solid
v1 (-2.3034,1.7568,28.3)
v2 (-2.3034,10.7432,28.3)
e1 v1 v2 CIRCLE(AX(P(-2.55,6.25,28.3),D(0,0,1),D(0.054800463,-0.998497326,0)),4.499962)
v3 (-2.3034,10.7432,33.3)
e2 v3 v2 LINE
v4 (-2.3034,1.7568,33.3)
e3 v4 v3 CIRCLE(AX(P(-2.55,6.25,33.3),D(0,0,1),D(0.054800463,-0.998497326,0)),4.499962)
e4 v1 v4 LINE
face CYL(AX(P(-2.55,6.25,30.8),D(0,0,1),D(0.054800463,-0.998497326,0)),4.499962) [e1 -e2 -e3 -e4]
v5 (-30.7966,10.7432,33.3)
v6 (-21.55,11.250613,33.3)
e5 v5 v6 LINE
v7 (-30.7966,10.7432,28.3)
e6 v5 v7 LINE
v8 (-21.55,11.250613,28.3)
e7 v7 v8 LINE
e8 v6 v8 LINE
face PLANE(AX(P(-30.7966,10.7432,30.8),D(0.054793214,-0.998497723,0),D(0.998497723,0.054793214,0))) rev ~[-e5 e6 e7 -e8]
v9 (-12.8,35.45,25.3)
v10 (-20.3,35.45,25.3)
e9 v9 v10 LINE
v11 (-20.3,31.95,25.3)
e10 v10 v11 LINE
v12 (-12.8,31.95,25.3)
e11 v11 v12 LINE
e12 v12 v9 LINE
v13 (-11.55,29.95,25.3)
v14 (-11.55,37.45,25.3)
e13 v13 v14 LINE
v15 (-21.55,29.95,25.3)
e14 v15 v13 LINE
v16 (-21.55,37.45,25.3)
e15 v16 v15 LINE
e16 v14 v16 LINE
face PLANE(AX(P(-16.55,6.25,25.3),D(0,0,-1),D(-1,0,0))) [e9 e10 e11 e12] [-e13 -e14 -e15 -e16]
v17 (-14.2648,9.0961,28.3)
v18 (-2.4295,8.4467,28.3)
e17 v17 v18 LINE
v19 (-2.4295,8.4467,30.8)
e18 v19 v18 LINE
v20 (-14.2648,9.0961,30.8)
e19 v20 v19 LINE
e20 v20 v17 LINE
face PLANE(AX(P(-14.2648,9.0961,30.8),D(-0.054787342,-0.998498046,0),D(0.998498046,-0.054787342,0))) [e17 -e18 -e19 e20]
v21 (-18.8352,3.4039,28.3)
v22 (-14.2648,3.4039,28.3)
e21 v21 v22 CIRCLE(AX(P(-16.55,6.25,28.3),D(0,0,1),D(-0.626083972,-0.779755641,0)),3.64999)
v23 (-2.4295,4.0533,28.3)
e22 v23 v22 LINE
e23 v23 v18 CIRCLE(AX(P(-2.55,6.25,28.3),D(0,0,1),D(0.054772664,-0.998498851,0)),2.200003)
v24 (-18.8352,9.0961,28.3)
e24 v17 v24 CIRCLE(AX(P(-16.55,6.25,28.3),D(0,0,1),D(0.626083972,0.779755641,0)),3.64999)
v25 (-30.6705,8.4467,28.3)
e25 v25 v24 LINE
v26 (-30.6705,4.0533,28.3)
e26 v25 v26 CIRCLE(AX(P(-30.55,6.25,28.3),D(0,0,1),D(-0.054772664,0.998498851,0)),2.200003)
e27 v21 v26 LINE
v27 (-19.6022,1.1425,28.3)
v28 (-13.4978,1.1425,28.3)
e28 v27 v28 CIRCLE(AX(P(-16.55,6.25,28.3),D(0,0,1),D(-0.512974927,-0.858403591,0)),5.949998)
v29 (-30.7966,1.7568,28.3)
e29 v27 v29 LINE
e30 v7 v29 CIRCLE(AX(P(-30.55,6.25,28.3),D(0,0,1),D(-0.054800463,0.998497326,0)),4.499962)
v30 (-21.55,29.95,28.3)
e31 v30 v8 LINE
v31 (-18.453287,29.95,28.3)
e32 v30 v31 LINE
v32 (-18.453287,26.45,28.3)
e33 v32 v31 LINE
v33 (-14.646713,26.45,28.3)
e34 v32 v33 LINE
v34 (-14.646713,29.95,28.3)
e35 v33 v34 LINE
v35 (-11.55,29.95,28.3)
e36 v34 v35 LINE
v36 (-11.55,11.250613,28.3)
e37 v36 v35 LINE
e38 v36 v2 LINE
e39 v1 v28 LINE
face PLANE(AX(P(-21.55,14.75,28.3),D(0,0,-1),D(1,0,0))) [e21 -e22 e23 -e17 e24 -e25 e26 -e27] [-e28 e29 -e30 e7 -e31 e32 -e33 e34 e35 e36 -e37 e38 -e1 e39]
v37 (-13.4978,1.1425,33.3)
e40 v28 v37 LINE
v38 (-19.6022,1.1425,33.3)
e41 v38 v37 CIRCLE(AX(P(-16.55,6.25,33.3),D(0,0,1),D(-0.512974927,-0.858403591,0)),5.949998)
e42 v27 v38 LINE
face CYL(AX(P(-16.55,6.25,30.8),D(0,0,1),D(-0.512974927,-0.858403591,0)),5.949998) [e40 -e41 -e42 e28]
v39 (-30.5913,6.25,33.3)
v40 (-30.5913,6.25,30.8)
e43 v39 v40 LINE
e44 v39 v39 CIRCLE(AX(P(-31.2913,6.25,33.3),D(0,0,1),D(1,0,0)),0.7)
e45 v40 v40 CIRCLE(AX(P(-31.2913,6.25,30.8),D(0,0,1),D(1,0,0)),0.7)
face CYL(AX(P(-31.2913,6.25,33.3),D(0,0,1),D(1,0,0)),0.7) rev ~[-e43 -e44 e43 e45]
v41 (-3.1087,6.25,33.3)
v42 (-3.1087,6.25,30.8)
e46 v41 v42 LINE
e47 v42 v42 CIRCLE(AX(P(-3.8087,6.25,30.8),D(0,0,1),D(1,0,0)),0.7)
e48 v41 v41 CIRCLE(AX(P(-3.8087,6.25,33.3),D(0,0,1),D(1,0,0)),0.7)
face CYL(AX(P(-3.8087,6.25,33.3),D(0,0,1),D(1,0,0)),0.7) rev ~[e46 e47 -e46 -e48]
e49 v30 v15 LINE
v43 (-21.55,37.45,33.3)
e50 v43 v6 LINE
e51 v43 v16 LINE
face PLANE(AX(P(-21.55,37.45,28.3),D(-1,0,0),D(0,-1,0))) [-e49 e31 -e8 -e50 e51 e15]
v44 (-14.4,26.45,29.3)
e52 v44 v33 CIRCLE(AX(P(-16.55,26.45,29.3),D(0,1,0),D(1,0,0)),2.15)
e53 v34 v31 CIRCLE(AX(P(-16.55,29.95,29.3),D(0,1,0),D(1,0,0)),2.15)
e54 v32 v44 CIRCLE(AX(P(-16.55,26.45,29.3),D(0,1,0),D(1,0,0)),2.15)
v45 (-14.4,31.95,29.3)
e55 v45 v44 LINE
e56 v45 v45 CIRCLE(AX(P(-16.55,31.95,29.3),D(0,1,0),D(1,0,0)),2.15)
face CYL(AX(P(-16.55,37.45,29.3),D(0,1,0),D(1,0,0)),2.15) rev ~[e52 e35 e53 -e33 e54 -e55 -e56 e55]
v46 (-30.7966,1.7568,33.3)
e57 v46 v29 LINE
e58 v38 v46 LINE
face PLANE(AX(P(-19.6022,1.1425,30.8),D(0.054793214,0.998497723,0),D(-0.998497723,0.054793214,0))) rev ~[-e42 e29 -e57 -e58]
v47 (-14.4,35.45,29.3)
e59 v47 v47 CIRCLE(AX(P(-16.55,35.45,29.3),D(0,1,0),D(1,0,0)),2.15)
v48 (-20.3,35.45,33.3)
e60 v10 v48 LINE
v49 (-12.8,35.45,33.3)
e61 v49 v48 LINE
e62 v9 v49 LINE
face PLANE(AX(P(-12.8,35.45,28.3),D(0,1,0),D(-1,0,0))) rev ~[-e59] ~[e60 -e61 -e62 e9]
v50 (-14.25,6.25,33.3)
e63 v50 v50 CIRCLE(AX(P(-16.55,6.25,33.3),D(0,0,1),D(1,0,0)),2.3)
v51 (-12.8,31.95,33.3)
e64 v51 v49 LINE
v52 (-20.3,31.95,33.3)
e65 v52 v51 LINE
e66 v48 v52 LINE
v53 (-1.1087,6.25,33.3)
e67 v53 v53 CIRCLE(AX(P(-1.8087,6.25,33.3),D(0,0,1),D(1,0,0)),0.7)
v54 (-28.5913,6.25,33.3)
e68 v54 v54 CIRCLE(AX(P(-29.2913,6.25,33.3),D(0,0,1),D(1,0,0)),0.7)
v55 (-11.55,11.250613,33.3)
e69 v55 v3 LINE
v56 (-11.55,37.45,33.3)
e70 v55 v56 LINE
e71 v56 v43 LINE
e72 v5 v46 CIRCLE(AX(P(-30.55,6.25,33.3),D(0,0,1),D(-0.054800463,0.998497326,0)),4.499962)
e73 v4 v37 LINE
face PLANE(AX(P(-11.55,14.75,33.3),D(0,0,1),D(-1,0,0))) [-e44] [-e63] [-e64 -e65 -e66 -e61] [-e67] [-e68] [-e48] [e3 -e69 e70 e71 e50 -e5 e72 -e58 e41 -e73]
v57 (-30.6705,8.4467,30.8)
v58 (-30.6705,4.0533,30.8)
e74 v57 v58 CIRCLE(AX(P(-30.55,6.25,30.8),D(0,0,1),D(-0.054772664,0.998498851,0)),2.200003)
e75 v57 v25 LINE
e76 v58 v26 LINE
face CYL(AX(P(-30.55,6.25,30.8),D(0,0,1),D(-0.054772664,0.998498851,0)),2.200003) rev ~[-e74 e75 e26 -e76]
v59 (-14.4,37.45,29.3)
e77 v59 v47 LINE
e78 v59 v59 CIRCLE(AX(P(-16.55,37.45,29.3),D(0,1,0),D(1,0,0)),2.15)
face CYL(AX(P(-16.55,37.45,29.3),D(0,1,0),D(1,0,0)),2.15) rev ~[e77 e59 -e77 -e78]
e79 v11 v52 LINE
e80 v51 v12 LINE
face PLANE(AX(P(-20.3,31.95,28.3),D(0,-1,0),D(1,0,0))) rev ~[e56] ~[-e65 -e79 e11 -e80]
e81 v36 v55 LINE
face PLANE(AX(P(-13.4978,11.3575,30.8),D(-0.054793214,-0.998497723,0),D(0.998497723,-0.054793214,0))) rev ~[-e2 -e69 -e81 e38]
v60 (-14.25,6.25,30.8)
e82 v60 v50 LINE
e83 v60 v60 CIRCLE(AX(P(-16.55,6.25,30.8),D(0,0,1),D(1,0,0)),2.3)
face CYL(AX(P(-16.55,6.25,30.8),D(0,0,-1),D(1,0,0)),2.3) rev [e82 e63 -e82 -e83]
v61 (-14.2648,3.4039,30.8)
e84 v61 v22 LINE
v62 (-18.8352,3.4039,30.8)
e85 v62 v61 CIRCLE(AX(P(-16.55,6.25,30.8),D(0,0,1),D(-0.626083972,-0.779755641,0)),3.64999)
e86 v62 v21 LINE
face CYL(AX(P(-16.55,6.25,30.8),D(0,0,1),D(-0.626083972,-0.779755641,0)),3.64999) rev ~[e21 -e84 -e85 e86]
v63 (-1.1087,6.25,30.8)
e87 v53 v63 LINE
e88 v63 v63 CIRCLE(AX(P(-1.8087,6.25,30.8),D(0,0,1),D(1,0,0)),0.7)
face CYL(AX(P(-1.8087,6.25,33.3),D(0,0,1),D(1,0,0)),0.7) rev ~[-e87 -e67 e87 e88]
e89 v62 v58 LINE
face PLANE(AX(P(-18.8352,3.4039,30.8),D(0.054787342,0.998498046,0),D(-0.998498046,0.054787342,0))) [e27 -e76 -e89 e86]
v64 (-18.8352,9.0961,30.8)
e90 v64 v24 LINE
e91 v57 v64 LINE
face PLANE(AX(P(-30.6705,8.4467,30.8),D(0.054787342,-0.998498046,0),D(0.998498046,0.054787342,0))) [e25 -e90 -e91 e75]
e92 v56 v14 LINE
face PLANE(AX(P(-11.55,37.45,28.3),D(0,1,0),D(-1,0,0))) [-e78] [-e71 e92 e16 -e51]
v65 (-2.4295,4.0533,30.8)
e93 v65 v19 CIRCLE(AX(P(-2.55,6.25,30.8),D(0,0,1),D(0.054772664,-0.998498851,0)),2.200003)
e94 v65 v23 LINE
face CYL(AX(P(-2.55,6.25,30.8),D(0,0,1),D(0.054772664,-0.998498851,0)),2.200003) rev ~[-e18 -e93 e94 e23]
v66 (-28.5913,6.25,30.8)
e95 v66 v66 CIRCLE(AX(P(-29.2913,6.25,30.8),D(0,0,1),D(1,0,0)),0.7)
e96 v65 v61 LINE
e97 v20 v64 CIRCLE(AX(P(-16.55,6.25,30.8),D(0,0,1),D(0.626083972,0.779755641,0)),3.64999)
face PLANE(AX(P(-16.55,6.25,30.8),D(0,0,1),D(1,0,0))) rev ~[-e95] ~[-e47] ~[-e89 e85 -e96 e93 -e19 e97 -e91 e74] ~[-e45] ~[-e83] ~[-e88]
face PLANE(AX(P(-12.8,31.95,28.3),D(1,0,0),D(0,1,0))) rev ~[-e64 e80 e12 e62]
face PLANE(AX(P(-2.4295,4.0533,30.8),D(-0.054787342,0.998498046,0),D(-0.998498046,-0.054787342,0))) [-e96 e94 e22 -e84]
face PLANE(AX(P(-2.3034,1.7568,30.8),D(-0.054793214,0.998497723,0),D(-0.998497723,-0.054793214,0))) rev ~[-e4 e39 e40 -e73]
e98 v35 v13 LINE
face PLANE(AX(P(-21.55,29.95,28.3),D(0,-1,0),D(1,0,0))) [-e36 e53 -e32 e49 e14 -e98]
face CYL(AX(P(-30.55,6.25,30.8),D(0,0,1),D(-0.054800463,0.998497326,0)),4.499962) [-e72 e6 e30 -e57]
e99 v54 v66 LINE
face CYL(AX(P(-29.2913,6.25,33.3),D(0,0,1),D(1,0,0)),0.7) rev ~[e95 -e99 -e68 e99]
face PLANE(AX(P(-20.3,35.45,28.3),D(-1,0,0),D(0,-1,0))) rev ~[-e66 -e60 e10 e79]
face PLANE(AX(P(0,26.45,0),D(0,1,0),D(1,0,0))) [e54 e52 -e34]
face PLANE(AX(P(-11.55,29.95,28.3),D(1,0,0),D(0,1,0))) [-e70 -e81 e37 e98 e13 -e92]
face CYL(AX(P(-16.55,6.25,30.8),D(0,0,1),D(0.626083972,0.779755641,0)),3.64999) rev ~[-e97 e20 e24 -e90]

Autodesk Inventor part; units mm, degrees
ref_plane "YZ Plane" through (0, 0, 0) normal (1, 0, 0) x (0, 1, 0)
ref_plane "Work Plane1" through (-16.55, 6.25, 30.8) normal (0, 0, 1) x (-1, 0, 0)
sketch "Sketch1" plane through (-16.55, 6.25, 30.8) normal (0, 0, 1) x (-1, 0, 0)
  circle A0 centre (4.7413, 0) radius 0.35 projected
  circle A1 centre (6.7413, 0) radius 0.35 projected
  circle A2 centre (8.7413, 0) radius 0.35 projected
  circle A3 centre (10.7413, 0) radius 0.35 projected
  circle A4 centre (12.7413, 0) radius 0.35 projected
  circle A5 centre (14.7413, 0) radius 0.35 projected
  circle A6 centre (-4.7413, 0) radius 0.35 projected
  circle A7 centre (-6.7413, 0) radius 0.35 projected
  circle A8 centre (-8.7413, 0) radius 0.35 projected
  circle A9 centre (-10.7413, 0) radius 0.35 projected
  circle A10 centre (-12.7413, 0) radius 0.35 projected
  circle A11 centre (-14.7413, 0) radius 0.35 projected
  circle A12 centre (0, 0) radius 2.3 projected
  line L0 (2.2091, 2.65) -> (14.1096, 1.997) projected
  arc A13 (2.2091, 2.65) -> (-2.2091, 2.65) centre (0, 0) ccw projected
  line L1 (-14.1096, 1.997) -> (-2.2091, 2.65) projected
  arc A14 (-14.1096, 1.997) -> (-14.1096, -1.997) centre (-14, 0) ccw projected
  line L2 (-2.2091, -2.65) -> (-14.1096, -1.997) projected
  arc A15 (-2.2091, -2.65) -> (2.2091, -2.65) centre (0, 0) ccw projected
  line L3 (14.1096, -1.997) -> (2.2091, -2.65) projected
  arc A16 (14.1096, -1.997) -> (14.1096, 1.997) centre (14, 0) ccw projected
  arc A17 (2.2852, 2.8461) -> (-2.2852, 2.8461) centre (0, 0) ccw
  line L4 (2.2852, 2.8461) -> (14.1205, 2.1967)
  arc A18 (14.1205, -2.1967) -> (14.1205, 2.1967) centre (14, 0) ccw
  line L5 (14.1205, -2.1967) -> (2.2852, -2.8461)
  arc A19 (-2.2852, -2.8461) -> (2.2852, -2.8461) centre (0, 0) ccw
  line L6 (-2.2852, -2.8461) -> (-14.1205, -2.1967)
  arc A20 (-14.1205, 2.1967) -> (-14.1205, -2.1967) centre (-14, 0) ccw
  line L7 (-14.1205, 2.1967) -> (-2.2852, 2.8461)
  arc A21 (3.0522, 5.1075) -> (-3.0522, 5.1075) centre (0, 0) ccw
  line L8 (3.0522, 5.1075) -> (14.2466, 4.4932)
  arc A22 (14.2466, -4.4932) -> (14.2466, 4.4932) centre (14, 0) ccw
  line L9 (14.2466, -4.4932) -> (3.0522, -5.1075)
  arc A23 (-3.0522, -5.1075) -> (3.0522, -5.1075) centre (0, 0) ccw
  line L10 (-3.0522, -5.1075) -> (-14.2466, -4.4932)
  arc A24 (-14.2466, 4.4932) -> (-14.2466, -4.4932) centre (-14, 0) ccw
  line L11 (-14.2466, 4.4932) -> (-3.0522, 5.1075)
  circle A25 centre (-14.7413, 0) radius 0.35 projected
  point P0 (-16.55, 6.25)
  dimension "d0" = 0.2
  dimension "d1" = 2.5
extrude "Extrusion1" add sketch "Sketch1" against normal blind 2.5 contours L8 A22 L9 A23 L10 A24 L11 A21
sketch "Sketch2" plane through (-16.55, 6.25, 30.8) normal (0, 0, 1) x (1, 0, 0)
  arc A0 (-3.0522, -5.1075) -> (3.0522, -5.1075) centre (0, 0) ccw projected
  line L0 (14.2466, -4.4932) -> (3.0522, -5.1075) projected
  arc A1 (14.2466, -4.4932) -> (14.2466, 4.4932) centre (14, 0) ccw projected
  line L1 (3.0522, 5.1075) -> (14.2466, 4.4932) projected
  arc A2 (3.0522, 5.1075) -> (-3.0522, 5.1075) centre (0, 0) ccw projected
  line L2 (-14.2466, 4.4932) -> (-3.0522, 5.1075) projected
  arc A3 (-14.2466, 4.4932) -> (-14.2466, -4.4932) centre (-14, 0) ccw projected
  line L3 (-3.0522, -5.1075) -> (-14.2466, -4.4932) projected
  line L4 (14.1205, -2.1967) -> (2.2852, -2.8461) projected
  arc A4 (-2.2852, -2.8461) -> (2.2852, -2.8461) centre (0, 0) ccw projected
  line L5 (-2.2852, -2.8461) -> (-14.1205, -2.1967) projected
  arc A5 (-14.1205, 2.1967) -> (-14.1205, -2.1967) centre (-14, 0) ccw projected
  line L6 (-14.1205, 2.1967) -> (-2.2852, 2.8461) projected
  arc A6 (2.2852, 2.8461) -> (-2.2852, 2.8461) centre (0, 0) ccw projected
  line L7 (2.2852, 2.8461) -> (14.1205, 2.1967) projected
  arc A7 (14.1205, -2.1967) -> (14.1205, 2.1967) centre (14, 0) ccw projected
  arc A8 (-3.0522, -5.1075) -> (3.0522, -5.1075) centre (0, 0) ccw projected
  line L8 (14.2466, -4.4932) -> (3.0522, -5.1075) projected
  arc A9 (14.2466, -4.4932) -> (14.2466, 4.4932) centre (14, 0) ccw projected
  line L9 (3.0522, 5.1075) -> (14.2466, 4.4932) projected
  arc A10 (3.0522, 5.1075) -> (-3.0522, 5.1075) centre (0, 0) ccw projected
  line L10 (-14.2466, 4.4932) -> (-3.0522, 5.1075) projected
  arc A11 (-14.2466, 4.4932) -> (-14.2466, -4.4932) centre (-14, 0) ccw projected
  line L11 (-3.0522, -5.1075) -> (-14.2466, -4.4932) projected
  circle A12 centre (-14.7413, 0) radius 0.35 projected
  circle A13 centre (-12.7413, 0) radius 0.35 projected
  circle A14 centre (12.7413, 0) radius 0.35 projected
  circle A15 centre (14.7413, 0) radius 0.35 projected
  circle A16 centre (0, 0) radius 2.3 projected
  point P0 (16.55, -6.25)
extrude "Extrusion2" add sketch "Sketch2" along normal blind 2.5 contours L3 A3 L2 A2 L1 A1 L0 A0 | L4 A4 L5 A5 L6 A6 L7 A7
sketch "Sketch3" plane through (-16.55, 6.25, 33.3) normal (0, 0, 1) x (1, 0, 0)
  circle A0 centre (14.7413, 0) radius 0.35 projected
  circle A1 centre (12.7413, 0) radius 0.35 projected
  circle A2 centre (-12.7413, 0) radius 0.35 projected
  circle A3 centre (-14.7413, 0) radius 0.35 projected
  circle A4 centre (-14.7413, 0) radius 0.7
  circle A5 centre (-12.7413, 0) radius 0.7
  circle A6 centre (12.7413, 0) radius 0.7
  circle A7 centre (14.7413, 0) radius 0.7
  point P0 (16.55, -6.25)
  dimension "d6" = 1.4
  dimension "d7" = 1.4
  dimension "d8" = 1.4
  dimension "d9" = 1.4
extrude "Extrusion3" cut sketch "Sketch3" against normal up to next
ref_plane "Work Plane2" through (0, 14.75, 0) normal (0, 1, 0) x (-1, 0, 0)
sketch "Sketch4" plane through (0, 14.75, 0) normal (0, 1, 0) x (-1, 0, 0)
  line L0 (19.6022, 33.3) -> (30.7966, 33.3) construction
  line L1 (30.7966, 28.3) -> (19.6022, 28.3) construction
  line L2 (2.3034, 33.3) -> (13.4978, 33.3) construction
  line L3 (13.4978, 28.3) -> (2.3034, 28.3) construction
  line L4 (11.55, 33.3) -> (21.55, 33.3)
  line L5 (21.55, 33.3) -> (21.55, 28.3)
  line L6 (21.55, 28.3) -> (11.55, 28.3)
  line L7 (11.55, 28.3) -> (11.55, 33.3)
  line L8 (-1.95, 33.3) -> (-1.95, 28.3) construction
  line L9 (35.05, 33.3) -> (35.05, 28.3) construction
  point P0 (0, 0)
  dimension "d13" = 10
  dimension "d14" = 13.5
extrude "Extrusion4" add sketch "Sketch4" against normal up to next
sketch "Sketch5" plane through (0, 14.75, 0) normal (0, 1, 0) x (1, 0, 0)
  line L0 (-11.55, -33.3) -> (-21.55, -33.3) projected
  line L1 (-11.55, -28.3) -> (-11.55, -33.3) projected
  line L2 (-21.55, -28.3) -> (-11.55, -28.3) projected
  line L3 (-21.55, -33.3) -> (-21.55, -28.3) projected
  point P0 (0, 0)
extrude "Extrusion5" add sketch "Sketch5" along normal blind 22.7
sketch "Sketch6" plane through (-16.55, 6.25, 28.3) normal (0, 0, -1) x (-1, 0, 0)
  line L0 (-5, 31.2) -> (5, 31.2) projected
  line L1 (-5, 31.2) -> (-5, 5.0006) projected
  line L2 (-3.75, 29.2) -> (3.75, 29.2)
  line L3 (3.75, 29.2) -> (3.75, 25.7)
  line L4 (3.75, 25.7) -> (-3.75, 25.7)
  line L5 (-3.75, 25.7) -> (-3.75, 29.2)
  point P0 (-16.55, -6.25)
  dimension "d19" = 7.5
  dimension "d20" = 3.5
  dimension "d21" = 1.25
  dimension "d22" = 2
extrude "Extrusion6" cut sketch "Sketch6" against normal up to next
sketch "Sketch7" plane through (-16.55, 6.25, 28.3) normal (0, 0, -1) x (-1, 0, 0)
  line L0 (-3.75, 25.7) -> (-3.75, 29.2) projected
  line L1 (-3.75, 29.2) -> (3.75, 29.2) projected
  line L2 (3.75, 29.2) -> (3.75, 25.7) projected
  line L3 (3.75, 25.7) -> (-3.75, 25.7) projected
  line L4 (5, 31.2) -> (5, 5.0006) projected
  line L5 (-5, 31.2) -> (5, 31.2)
  line L6 (5, 31.2) -> (5, 23.7)
  line L7 (5, 23.7) -> (-5, 23.7)
  line L8 (-5, 23.7) -> (-5, 31.2)
  point P0 (-16.55, -6.25)
  dimension "d25" = 7.5
extrude "Extrusion7" add sketch "Sketch7" along normal blind 3
sketch "Sketch8" plane through (0, 37.45, 0) normal (0, 1, 0) x (1, 0, 0)
  circle A0 centre (-16.55, -29.3) radius 2.15
  point P0 (0, 0)
  dimension "d28" = 4.3
extrude "Extrusion8" cut sketch "Sketch8" against normal blind 11
properties part number "HornPocket"
